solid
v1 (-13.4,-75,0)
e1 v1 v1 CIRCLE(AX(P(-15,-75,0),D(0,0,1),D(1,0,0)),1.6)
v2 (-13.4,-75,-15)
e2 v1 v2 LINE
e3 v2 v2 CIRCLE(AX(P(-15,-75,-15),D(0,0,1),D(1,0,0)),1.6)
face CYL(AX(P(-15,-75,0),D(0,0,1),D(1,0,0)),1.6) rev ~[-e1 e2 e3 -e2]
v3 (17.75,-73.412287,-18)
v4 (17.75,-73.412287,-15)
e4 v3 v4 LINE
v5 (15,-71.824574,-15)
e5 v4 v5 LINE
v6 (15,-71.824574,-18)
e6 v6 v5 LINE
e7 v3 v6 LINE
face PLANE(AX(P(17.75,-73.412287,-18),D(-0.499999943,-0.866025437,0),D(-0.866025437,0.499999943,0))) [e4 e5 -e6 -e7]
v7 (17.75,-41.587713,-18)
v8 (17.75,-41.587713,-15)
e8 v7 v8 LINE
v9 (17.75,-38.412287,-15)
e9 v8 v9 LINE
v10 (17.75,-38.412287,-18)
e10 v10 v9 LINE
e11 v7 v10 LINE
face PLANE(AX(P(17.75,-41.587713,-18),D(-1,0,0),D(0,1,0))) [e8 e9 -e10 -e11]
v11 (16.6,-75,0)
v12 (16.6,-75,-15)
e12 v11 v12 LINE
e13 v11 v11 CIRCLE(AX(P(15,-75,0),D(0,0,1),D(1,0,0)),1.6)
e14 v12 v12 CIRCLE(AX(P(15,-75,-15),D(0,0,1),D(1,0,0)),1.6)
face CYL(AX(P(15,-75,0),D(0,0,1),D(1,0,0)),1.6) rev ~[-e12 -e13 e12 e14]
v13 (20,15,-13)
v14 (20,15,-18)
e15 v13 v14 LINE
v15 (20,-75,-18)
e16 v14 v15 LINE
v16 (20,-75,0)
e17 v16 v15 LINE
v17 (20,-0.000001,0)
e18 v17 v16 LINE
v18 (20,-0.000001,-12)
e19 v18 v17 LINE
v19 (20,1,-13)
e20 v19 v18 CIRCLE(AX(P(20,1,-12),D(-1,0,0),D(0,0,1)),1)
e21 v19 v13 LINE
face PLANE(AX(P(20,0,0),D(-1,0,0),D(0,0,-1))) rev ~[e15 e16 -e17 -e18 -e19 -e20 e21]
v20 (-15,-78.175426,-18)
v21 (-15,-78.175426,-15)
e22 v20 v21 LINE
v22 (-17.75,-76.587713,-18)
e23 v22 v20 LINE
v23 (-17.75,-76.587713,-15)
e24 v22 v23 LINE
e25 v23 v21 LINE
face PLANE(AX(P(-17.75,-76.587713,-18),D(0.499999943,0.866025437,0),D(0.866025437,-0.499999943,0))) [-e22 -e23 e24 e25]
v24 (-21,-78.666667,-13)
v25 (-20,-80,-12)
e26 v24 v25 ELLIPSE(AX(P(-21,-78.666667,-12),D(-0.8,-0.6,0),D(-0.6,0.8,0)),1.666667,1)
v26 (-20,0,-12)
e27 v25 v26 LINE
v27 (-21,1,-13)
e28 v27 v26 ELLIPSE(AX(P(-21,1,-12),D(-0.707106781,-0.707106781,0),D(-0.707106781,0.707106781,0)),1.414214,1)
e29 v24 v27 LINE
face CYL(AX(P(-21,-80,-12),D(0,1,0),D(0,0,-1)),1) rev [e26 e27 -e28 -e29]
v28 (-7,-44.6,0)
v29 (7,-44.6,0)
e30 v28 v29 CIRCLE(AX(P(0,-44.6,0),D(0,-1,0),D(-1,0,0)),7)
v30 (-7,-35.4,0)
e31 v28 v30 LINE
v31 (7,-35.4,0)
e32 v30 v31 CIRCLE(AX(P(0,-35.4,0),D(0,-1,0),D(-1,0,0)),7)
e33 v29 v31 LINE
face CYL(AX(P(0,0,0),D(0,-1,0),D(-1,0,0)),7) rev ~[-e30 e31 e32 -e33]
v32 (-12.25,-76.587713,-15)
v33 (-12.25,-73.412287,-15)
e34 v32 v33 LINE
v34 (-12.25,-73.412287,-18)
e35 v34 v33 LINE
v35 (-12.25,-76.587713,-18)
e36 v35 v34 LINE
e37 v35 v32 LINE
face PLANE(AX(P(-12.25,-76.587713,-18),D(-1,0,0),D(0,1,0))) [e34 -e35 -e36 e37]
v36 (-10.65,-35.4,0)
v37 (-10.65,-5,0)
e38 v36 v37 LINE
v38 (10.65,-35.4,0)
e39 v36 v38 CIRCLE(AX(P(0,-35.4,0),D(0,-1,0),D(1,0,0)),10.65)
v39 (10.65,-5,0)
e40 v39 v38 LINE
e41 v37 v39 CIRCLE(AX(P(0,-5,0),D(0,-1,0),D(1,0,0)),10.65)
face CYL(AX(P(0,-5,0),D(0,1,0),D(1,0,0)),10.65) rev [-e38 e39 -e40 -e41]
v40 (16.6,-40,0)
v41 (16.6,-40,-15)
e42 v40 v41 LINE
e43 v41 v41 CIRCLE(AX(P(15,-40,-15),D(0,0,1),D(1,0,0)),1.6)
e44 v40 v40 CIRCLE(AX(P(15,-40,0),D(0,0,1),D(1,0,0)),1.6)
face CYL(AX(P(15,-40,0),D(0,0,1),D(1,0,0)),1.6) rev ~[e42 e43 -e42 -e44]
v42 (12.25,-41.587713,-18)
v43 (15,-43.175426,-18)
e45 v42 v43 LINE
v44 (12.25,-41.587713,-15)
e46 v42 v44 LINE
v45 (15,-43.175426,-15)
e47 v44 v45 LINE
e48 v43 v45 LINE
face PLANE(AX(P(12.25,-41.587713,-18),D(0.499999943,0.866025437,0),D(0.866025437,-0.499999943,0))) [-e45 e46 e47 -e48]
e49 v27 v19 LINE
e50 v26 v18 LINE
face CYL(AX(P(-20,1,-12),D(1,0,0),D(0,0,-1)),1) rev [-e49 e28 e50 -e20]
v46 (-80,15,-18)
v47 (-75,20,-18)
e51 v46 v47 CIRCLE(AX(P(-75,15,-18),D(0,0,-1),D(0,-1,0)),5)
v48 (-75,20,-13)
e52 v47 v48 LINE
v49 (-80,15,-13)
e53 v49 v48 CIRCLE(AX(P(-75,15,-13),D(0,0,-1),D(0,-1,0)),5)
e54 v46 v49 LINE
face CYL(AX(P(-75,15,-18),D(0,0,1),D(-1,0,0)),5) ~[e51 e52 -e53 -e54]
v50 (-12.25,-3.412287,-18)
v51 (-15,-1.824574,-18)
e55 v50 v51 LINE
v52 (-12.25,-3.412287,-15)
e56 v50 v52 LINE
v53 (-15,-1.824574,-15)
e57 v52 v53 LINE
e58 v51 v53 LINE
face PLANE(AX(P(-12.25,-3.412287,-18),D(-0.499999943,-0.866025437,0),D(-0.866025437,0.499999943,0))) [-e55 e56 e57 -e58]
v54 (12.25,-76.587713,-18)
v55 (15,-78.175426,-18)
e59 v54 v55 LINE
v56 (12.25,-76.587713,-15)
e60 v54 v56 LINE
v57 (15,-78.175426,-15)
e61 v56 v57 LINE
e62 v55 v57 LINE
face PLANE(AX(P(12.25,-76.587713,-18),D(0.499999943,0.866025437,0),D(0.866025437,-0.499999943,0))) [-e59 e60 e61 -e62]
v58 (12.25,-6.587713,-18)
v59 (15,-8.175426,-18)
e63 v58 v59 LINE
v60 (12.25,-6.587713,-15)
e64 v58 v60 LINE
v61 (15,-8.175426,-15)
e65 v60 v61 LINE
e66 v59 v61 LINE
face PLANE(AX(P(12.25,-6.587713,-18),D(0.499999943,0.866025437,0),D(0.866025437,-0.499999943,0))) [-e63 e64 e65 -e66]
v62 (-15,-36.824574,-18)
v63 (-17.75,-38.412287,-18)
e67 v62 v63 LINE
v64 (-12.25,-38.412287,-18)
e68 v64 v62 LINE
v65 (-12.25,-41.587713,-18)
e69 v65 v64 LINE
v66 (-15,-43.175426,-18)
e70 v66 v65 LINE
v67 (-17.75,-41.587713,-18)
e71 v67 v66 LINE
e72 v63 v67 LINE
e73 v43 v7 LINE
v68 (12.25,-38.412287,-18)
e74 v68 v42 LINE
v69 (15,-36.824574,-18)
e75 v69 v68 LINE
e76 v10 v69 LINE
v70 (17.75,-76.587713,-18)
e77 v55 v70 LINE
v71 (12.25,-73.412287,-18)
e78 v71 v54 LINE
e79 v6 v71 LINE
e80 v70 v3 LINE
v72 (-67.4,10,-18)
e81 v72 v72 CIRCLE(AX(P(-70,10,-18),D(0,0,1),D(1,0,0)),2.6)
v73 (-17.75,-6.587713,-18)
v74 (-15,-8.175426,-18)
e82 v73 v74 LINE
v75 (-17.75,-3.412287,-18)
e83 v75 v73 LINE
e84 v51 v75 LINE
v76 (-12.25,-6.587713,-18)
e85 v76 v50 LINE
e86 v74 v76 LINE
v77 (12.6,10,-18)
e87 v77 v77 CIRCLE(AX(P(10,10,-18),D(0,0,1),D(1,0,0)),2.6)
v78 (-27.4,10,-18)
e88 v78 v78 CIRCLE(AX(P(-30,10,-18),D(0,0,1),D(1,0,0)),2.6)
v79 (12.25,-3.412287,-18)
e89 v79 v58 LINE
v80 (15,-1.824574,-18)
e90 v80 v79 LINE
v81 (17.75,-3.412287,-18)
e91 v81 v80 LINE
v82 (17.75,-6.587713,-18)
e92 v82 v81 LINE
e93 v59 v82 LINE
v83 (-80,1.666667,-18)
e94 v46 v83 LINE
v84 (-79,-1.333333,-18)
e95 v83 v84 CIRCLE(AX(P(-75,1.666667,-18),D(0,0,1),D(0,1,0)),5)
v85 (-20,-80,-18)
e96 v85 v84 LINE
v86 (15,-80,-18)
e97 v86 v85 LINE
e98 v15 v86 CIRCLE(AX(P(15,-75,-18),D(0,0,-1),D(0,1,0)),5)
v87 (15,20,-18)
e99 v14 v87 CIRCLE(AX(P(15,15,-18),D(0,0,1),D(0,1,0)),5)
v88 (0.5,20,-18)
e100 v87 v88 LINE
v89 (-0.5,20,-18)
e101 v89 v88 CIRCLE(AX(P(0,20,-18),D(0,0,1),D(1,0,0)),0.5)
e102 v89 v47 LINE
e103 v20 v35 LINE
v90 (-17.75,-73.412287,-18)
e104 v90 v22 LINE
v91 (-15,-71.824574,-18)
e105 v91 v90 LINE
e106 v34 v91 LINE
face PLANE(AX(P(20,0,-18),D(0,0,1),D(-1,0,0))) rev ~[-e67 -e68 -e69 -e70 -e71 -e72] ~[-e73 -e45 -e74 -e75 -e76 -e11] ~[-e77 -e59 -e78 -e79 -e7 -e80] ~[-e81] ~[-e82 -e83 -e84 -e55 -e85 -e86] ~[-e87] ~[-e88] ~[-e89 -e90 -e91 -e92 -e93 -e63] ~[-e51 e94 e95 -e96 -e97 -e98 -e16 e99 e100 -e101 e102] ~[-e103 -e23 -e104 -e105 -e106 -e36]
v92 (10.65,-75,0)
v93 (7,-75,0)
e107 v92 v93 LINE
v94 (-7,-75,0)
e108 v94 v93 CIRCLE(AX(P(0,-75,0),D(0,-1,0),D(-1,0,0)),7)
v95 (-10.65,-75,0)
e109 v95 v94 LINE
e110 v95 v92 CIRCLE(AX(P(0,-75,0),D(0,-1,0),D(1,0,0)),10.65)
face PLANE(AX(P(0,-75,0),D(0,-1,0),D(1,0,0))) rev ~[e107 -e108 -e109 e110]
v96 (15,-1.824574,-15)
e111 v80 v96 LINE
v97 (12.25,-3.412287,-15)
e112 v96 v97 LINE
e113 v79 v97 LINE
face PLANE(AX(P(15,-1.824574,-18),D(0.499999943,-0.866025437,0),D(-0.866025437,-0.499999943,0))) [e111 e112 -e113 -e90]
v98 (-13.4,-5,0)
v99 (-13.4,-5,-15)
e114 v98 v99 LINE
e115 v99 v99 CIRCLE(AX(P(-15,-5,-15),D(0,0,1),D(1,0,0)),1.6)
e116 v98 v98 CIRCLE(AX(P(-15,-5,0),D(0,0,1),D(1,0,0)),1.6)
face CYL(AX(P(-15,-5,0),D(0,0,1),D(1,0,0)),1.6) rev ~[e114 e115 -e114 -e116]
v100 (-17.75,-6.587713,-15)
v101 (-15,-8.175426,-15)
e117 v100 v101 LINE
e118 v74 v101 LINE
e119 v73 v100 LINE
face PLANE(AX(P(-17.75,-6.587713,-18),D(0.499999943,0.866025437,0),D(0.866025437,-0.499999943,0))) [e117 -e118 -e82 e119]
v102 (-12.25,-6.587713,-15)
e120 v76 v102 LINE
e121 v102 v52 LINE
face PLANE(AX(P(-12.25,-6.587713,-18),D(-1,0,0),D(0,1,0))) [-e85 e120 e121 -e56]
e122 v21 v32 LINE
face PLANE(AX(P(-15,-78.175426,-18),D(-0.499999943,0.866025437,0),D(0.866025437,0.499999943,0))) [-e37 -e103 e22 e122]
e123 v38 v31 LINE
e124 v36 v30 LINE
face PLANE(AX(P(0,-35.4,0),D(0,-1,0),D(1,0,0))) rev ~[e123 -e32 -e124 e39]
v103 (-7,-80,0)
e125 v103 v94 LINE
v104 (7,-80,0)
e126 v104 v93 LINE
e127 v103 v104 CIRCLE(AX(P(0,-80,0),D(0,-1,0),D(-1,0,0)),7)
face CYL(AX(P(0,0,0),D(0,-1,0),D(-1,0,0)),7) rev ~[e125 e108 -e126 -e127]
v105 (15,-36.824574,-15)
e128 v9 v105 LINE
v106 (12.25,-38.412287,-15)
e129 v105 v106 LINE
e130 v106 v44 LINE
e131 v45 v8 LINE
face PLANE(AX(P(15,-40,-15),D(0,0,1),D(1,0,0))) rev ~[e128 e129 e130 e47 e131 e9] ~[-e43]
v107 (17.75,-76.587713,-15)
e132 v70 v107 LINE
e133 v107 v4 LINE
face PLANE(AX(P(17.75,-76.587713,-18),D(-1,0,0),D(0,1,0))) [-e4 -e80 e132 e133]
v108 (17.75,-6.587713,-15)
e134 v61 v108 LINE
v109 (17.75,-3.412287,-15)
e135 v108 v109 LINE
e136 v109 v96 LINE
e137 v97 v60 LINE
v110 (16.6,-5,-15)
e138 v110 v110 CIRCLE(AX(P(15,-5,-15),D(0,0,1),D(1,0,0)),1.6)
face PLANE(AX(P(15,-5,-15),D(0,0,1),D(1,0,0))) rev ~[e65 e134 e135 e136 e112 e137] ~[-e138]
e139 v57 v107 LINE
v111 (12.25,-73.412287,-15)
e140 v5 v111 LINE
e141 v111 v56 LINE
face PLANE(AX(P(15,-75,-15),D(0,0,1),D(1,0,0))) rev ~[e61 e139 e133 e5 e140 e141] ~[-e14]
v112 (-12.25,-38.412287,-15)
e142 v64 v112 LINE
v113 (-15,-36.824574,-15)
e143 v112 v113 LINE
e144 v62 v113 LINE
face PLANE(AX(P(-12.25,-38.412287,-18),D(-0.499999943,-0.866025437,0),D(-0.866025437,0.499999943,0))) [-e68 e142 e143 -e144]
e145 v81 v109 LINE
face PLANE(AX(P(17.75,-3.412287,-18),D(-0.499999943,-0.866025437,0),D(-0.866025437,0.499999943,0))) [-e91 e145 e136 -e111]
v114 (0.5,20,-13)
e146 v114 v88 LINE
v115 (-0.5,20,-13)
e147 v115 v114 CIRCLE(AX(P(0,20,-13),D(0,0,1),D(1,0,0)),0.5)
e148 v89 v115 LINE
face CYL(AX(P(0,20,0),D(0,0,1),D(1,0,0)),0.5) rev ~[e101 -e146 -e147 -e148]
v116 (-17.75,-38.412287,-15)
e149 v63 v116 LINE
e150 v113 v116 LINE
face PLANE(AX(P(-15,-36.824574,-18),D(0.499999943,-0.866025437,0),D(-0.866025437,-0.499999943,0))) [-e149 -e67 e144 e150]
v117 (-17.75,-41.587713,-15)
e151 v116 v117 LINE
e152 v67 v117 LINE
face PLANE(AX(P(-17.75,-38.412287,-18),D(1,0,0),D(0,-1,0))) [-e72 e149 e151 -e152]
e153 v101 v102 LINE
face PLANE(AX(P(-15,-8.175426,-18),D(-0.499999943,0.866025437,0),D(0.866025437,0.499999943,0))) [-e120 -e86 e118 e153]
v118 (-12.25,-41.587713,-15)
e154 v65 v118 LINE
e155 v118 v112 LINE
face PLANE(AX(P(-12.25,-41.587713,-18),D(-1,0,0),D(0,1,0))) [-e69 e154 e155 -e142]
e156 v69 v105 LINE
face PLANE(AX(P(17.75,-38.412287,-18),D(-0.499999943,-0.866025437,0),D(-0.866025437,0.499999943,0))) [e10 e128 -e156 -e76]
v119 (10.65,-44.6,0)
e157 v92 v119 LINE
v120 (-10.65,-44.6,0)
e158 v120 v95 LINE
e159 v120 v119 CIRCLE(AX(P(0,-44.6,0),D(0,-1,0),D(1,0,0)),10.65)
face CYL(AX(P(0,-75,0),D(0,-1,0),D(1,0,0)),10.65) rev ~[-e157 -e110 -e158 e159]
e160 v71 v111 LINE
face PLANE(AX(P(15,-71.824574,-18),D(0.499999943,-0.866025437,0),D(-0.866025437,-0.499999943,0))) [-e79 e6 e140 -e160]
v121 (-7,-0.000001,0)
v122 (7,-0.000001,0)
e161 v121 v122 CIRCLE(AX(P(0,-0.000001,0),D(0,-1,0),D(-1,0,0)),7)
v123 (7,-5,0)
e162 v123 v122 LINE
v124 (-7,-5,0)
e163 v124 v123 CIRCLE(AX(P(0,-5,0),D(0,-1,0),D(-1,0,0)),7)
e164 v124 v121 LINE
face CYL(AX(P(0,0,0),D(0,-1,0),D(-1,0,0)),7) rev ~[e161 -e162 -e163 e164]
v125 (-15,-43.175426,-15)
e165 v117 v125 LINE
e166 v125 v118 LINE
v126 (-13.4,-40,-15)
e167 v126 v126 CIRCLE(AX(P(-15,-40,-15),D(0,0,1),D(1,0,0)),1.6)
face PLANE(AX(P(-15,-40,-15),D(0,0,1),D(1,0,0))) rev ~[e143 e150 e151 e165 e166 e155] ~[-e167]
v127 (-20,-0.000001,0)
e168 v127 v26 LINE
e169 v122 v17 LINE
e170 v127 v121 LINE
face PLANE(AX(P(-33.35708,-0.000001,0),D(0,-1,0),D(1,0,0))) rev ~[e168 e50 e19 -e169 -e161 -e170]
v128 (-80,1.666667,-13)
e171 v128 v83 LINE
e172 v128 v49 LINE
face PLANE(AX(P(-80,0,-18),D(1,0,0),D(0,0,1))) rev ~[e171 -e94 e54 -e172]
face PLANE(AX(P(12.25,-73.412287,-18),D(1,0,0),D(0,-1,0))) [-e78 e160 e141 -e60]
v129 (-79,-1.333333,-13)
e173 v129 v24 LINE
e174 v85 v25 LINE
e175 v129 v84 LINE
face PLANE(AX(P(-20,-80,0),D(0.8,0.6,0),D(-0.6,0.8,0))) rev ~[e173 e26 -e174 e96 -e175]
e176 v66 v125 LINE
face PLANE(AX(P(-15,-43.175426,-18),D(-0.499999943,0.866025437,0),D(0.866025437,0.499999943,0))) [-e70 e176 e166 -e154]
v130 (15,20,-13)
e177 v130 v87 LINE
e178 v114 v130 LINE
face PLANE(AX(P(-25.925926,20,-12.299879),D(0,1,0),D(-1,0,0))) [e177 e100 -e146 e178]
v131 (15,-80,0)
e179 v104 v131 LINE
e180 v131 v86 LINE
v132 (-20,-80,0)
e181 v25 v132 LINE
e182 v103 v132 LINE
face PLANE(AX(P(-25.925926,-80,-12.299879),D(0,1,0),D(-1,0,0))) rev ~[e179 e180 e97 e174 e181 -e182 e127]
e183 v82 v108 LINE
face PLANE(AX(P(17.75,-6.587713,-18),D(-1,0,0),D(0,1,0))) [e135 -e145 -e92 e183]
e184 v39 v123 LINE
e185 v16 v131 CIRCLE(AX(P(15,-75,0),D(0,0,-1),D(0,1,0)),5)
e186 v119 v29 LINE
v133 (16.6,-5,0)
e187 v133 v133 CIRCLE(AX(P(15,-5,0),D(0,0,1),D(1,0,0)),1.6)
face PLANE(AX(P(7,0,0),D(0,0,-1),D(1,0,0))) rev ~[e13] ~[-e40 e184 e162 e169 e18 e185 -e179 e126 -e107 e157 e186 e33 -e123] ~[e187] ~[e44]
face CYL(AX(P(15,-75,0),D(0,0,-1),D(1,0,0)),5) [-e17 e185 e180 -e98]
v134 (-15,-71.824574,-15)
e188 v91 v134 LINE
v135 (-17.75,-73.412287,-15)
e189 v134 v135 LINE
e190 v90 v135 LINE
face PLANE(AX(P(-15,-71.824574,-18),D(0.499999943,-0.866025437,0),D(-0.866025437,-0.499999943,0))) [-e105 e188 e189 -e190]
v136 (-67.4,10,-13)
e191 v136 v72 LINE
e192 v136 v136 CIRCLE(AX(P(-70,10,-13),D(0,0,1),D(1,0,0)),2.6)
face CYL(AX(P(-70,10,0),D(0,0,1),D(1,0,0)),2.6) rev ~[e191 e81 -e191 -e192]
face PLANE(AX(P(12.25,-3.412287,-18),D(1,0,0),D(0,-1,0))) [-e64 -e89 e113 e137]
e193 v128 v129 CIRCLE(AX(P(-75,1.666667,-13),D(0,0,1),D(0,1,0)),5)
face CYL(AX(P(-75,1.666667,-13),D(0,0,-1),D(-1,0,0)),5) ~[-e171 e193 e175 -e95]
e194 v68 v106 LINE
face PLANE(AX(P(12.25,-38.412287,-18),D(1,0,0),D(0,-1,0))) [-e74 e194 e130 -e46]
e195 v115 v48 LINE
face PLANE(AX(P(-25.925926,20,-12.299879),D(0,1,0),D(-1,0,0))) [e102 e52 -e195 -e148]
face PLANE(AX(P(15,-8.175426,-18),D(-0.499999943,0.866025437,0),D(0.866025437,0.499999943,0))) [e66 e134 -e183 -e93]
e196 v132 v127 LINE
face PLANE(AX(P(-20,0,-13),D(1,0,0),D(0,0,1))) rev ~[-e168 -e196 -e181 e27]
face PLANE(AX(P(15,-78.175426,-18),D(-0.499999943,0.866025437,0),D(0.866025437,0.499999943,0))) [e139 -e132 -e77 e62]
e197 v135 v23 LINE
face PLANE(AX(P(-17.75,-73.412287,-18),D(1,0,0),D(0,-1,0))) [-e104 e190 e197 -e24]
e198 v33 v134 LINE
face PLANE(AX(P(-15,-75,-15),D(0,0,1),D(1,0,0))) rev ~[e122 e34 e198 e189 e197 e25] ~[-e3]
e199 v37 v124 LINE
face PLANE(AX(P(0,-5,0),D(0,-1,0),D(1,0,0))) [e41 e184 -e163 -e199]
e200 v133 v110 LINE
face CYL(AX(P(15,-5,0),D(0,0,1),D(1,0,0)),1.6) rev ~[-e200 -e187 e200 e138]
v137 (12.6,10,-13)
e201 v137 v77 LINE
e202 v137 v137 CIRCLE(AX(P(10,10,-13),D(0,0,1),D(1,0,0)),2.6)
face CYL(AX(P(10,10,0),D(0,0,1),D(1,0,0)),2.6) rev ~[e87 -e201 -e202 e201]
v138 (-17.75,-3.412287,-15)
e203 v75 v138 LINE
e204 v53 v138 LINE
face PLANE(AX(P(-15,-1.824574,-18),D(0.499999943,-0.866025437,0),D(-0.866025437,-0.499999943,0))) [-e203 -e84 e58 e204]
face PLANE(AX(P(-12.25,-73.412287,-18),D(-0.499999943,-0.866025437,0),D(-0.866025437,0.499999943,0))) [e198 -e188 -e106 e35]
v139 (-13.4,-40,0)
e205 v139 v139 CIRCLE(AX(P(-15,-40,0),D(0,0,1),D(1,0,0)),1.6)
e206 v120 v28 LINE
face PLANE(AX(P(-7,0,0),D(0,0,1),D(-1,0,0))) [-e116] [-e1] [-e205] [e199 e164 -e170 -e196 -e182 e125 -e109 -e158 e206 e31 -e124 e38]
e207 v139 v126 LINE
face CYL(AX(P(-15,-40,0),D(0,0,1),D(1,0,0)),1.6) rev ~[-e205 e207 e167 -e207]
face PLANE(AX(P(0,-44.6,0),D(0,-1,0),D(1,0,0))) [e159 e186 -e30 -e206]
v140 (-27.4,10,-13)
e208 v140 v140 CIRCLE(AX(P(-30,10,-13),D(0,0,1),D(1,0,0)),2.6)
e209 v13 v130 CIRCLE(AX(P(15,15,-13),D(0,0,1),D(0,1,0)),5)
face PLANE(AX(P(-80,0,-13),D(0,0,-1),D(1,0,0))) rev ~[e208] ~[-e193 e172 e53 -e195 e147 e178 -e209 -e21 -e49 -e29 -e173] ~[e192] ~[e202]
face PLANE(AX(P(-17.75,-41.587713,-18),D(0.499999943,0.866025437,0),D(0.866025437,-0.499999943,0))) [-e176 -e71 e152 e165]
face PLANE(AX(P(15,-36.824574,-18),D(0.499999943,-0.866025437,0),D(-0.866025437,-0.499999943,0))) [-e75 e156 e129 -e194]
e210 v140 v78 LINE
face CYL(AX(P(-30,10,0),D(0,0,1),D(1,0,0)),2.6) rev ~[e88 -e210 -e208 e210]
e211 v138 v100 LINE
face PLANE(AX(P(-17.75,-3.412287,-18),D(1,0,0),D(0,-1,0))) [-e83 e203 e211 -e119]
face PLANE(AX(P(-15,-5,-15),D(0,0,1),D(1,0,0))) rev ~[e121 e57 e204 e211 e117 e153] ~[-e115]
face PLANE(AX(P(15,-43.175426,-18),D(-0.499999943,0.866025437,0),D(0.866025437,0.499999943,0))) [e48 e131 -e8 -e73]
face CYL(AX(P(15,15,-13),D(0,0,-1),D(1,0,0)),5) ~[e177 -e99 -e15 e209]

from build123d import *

# Parameters (mm, degrees)
PAD_DEPTH       = 80
PAD_DEPTH_BACK  = 20
SKETCH001_R     = 2.6
SKETCH001_R_2   = 1.6
SKETCH001_R_3   = 0.5
POCKET_DEPTH    = 18.001
SKETCH002_W     = 66.71416
SKETCH002_H     = 42.248775
POCKET001_DEPTH = 13
SKETCH003_R     = 10.65
POCKET002_DEPTH = 30.4
SKETCH004_R     = 10.65
POCKET003_DEPTH = 30.4
POCKET004_DEPTH = 3
FILLET_R        = 5
FILLET001_R     = 1


with BuildPart() as part:
    # Sketch → Pad (new body, two sides)
    with BuildSketch(Plane.XZ) as pad_sk:
        with BuildLine():
            Line((-80, -18), (-80, -13))
            Line((-80, -13), (-20, -13))
            Line((-20, -13), (-20, 0))
            Line((-7, 0), (-20, 0))
            ThreePointArc((-7, 0), (0, -7), (7, 0))
            Line((7, 0), (20, 0))
            Line((20, 0), (20, -18))
            Line((20, -18), (-80, -18))
        make_face()
    extrude(amount=PAD_DEPTH)
    extrude(pad_sk.sketch, amount=-PAD_DEPTH_BACK)

    # Sketch001 → Pocket (cut, through all)
    with BuildSketch(Plane.XY):
        with Locations((-70, 10)):
            Circle(SKETCH001_R)
        with Locations((-30, 10)):
            Circle(SKETCH001_R)
        with Locations((10, 10)):
            Circle(SKETCH001_R)
        with Locations((-15, -5)):
            Circle(SKETCH001_R_2)
        with Locations((-15, -40)):
            Circle(SKETCH001_R_2)
        with Locations((-15, -75)):
            Circle(SKETCH001_R_2)
        with Locations((15, -5)):
            Circle(SKETCH001_R_2)
        with Locations((15, -40)):
            Circle(SKETCH001_R_2)
        with Locations((15, -75)):
            Circle(SKETCH001_R_2)
        with Locations((0, 20)):
            Circle(SKETCH001_R_3)
        Polygon((-80, 0), (-80, -80), (-20, -80), align=None)
    extrude(amount=-POCKET_DEPTH, mode=Mode.SUBTRACT)

    # Sketch002 → Pocket001 (cut)
    with BuildSketch(Plane.XY):
        with Locations((0, 21.124387)):
            Rectangle(SKETCH002_W, SKETCH002_H)
    extrude(amount=-POCKET001_DEPTH, mode=Mode.SUBTRACT)

    # Sketch003 (on DatumPlane) → Pocket002 (cut)
    with BuildSketch(Plane.XZ.offset(5)):
        Circle(SKETCH003_R)
    extrude(amount=POCKET002_DEPTH, mode=Mode.SUBTRACT)

    # Sketch004 (on DatumPlane) → Pocket003 (cut)
    with BuildSketch(Plane.XZ.offset(75)):
        Circle(SKETCH004_R)
    extrude(amount=-POCKET003_DEPTH, mode=Mode.SUBTRACT)

    # Sketch005 (on DatumPlane) → Pocket004 (cut)
    with BuildSketch(Plane.XY.offset(-18)):
        Polygon((-12.25, -6.587713), (-12.25, -3.412287), (-15, -1.824574), (-17.75, -3.412287), (-17.75, -6.587713), (-15, -8.175426), align=None)
        Polygon((17.75, -6.587713), (17.75, -3.412287), (15, -1.824574), (12.25, -3.412287), (12.25, -6.587713), (15, -8.175426), align=None)
        Polygon((-12.25, -41.587713), (-12.25, -38.412287), (-15, -36.824574), (-17.75, -38.412287), (-17.75, -41.587713), (-15, -43.175426), align=None)
        Polygon((17.75, -41.587713), (17.75, -38.412287), (15, -36.824574), (12.25, -38.412287), (12.25, -41.587713), (15, -43.175426), align=None)
        Polygon((-12.25, -76.587713), (-12.25, -73.412287), (-15, -71.824574), (-17.75, -73.412287), (-17.75, -76.587713), (-15, -78.175426), align=None)
        Polygon((17.75, -76.587713), (17.75, -73.412287), (15, -71.824574), (12.25, -73.412287), (12.25, -76.587713), (15, -78.175426), align=None)
    extrude(amount=POCKET004_DEPTH, mode=Mode.SUBTRACT)

    # Fillet
    fillet_edges = [part.edges().sort_by_distance(p)[0] for p in [
        (-80, 20, -15.5),
        (-80, 0, -15.5),
        (20, -80, -9),
        (20, 20, -15.5),
    ]]
    fillet(fillet_edges, radius=FILLET_R)

    # Fillet001
    fillet001_edges = [part.edges().sort_by_distance(p)[0] for p in [
        (-20, -40, -13),
        (0, 0, -13),
    ]]
    fillet(fillet001_edges, radius=FILLET001_R)


solid = part.part
